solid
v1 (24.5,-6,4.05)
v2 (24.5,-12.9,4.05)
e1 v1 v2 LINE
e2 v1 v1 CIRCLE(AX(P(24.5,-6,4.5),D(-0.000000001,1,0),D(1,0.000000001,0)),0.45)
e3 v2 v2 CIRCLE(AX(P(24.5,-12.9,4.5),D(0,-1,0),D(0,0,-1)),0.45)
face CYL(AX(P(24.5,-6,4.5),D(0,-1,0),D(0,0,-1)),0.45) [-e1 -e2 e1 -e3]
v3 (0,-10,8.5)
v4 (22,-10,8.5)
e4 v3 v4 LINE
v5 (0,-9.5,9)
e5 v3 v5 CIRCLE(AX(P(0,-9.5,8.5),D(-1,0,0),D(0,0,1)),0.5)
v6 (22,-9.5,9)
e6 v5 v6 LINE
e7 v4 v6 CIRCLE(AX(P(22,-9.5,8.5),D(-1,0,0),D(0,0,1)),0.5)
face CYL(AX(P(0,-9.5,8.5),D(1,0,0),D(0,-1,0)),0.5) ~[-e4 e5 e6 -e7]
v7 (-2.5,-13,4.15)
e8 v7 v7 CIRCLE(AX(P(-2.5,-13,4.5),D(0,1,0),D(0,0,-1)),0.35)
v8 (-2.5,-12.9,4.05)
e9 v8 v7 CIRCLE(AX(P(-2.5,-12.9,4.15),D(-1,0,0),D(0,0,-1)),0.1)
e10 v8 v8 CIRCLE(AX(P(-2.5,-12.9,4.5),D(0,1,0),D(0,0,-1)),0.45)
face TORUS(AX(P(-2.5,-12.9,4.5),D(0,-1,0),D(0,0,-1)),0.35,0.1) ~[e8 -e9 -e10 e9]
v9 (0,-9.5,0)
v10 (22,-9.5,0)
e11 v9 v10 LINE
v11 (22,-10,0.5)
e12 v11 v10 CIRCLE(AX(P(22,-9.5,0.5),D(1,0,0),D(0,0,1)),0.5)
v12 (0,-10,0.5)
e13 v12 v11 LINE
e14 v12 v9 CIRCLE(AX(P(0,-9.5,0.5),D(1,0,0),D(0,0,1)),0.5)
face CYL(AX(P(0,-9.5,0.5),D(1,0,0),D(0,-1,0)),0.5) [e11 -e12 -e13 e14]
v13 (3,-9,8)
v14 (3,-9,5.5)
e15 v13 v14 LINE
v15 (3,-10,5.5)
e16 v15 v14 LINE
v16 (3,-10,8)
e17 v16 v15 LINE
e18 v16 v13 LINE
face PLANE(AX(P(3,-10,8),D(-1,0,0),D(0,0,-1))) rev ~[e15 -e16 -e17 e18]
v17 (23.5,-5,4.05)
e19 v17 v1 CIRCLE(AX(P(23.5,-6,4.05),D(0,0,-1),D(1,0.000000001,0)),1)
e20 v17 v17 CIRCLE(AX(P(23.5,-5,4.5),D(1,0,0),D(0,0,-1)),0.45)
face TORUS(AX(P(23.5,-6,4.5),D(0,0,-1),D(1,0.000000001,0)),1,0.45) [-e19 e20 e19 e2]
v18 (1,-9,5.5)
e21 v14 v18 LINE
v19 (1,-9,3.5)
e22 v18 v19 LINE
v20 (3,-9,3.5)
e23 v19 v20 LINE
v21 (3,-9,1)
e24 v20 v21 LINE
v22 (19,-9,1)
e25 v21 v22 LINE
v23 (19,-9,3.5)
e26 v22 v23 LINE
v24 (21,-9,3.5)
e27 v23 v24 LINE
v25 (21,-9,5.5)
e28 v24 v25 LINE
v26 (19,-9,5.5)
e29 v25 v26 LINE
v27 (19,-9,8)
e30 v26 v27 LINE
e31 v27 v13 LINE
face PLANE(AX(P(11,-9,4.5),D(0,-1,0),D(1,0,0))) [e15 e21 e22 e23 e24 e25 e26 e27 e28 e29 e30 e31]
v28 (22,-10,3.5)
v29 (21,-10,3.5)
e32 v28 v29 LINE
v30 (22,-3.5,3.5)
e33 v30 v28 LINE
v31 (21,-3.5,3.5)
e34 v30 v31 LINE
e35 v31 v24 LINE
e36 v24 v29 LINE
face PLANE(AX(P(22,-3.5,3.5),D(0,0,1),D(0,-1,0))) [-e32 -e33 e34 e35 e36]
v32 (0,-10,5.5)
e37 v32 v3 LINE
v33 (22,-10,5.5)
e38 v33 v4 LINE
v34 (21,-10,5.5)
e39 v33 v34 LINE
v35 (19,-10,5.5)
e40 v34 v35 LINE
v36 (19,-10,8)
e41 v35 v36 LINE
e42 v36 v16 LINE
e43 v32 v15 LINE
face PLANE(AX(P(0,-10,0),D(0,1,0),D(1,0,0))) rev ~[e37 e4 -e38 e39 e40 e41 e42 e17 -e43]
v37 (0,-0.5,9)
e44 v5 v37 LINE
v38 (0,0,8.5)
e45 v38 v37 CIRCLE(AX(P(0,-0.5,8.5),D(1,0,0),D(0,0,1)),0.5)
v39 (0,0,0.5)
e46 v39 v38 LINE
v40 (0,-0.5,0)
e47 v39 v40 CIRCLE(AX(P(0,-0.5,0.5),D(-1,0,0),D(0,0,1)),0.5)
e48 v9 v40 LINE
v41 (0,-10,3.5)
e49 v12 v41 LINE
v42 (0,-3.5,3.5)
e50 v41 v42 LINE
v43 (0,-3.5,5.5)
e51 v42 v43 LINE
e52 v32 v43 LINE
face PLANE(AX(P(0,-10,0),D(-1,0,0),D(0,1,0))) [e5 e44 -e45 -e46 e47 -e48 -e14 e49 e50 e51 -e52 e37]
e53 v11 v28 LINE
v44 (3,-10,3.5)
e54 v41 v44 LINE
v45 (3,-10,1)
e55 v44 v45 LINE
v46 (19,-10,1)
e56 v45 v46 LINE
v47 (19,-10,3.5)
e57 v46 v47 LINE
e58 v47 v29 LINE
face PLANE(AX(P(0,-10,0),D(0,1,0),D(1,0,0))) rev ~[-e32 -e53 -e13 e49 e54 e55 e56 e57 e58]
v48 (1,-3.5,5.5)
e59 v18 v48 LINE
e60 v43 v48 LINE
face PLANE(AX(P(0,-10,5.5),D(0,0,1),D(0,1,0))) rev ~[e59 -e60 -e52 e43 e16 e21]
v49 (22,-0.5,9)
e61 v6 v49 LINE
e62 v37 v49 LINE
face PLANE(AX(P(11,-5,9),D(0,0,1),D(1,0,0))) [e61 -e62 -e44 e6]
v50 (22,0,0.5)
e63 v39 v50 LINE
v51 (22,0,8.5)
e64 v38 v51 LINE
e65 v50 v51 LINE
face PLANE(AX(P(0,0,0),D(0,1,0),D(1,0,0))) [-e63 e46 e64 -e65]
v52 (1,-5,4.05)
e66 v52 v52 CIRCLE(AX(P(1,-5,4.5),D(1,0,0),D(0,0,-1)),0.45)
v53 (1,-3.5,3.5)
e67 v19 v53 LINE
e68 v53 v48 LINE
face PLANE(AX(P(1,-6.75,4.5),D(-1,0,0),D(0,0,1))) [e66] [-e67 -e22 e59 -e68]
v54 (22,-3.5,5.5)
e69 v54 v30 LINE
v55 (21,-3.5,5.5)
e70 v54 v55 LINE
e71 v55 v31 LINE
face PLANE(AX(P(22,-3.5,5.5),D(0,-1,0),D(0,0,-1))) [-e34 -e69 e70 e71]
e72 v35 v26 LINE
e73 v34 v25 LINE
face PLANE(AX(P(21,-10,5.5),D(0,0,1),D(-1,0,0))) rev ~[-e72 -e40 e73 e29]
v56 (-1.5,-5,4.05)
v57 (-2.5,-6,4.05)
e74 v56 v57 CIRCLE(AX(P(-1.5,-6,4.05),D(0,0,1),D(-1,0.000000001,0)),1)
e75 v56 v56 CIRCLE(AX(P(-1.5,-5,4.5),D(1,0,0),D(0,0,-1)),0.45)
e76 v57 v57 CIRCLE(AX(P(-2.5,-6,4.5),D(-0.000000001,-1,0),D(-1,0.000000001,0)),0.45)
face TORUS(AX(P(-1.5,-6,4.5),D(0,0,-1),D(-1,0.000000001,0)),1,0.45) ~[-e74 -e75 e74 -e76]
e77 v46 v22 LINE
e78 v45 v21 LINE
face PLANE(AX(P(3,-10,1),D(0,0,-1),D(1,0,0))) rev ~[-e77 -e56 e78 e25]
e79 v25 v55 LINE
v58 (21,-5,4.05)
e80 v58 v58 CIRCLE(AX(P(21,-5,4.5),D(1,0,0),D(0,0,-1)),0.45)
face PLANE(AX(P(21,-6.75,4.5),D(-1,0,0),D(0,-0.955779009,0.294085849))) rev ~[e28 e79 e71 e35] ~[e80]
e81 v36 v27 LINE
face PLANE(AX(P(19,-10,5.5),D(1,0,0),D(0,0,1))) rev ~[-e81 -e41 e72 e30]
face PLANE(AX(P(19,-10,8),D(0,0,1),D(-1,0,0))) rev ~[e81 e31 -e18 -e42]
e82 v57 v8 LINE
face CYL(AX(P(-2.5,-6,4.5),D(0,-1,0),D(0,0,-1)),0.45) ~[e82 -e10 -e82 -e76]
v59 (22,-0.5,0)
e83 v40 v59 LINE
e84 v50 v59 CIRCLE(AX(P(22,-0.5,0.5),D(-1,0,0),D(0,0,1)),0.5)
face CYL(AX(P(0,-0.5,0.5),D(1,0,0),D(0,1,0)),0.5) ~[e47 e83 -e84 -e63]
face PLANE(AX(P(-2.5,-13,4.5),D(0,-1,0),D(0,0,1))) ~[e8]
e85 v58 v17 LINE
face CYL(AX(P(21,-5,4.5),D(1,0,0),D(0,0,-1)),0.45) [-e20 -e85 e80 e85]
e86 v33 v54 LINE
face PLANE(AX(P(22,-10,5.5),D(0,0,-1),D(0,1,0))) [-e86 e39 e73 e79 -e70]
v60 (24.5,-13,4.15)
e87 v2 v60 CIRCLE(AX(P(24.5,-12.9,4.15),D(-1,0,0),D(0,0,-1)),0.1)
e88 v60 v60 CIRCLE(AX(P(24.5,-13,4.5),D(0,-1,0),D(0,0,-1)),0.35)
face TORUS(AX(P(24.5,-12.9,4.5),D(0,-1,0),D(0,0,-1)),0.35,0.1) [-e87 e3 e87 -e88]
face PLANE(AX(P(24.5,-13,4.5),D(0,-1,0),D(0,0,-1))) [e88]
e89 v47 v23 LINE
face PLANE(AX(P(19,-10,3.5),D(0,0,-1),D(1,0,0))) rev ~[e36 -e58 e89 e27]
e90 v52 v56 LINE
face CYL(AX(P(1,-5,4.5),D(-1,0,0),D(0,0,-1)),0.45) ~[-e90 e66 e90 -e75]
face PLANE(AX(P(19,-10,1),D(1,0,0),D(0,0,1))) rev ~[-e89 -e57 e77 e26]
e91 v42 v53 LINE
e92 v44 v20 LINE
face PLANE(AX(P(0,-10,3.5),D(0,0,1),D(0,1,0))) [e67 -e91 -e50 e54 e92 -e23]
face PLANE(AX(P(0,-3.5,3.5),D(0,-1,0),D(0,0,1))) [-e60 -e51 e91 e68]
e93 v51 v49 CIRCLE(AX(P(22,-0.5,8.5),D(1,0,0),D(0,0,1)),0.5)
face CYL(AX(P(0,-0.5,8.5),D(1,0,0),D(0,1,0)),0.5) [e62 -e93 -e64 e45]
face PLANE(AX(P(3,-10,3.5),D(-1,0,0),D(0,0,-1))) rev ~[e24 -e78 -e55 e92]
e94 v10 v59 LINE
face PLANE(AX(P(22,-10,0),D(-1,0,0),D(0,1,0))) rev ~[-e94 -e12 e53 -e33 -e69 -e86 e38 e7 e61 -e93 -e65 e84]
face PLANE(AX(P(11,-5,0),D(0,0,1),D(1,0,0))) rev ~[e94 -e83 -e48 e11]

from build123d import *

# Parameters (mm, degrees)
SKETCH1_W           = 22
SKETCH1_H           = 10
BOSS_EXTRUDE1_DEPTH = 9
FILLET2_R           = 0.5
CUT_EXTRUDE4_DEPTH  = 1
SKETCH8_W           = 2
SKETCH8_H           = 6.5
CUT_EXTRUDE5_DEPTH  = 1
CUT_EXTRUDE6_DEPTH  = 1
SKETCH13_R          = 0.45
FILLET3_R           = 0.1


with BuildPart() as part:
    # Sketch1 → Boss-Extrude1 (new body)
    with BuildSketch(Plane.XY):
        with Locations((11, -5)):
            Rectangle(SKETCH1_W, SKETCH1_H)
    extrude(amount=BOSS_EXTRUDE1_DEPTH)

    # Fillet2
    fillet2_edges = [part.edges().sort_by_distance(p)[0] for p in [
        (11, 0, 9),
        (11, 0, 0),
        (11, -10, 0),
        (11, -10, 9),
    ]]
    fillet(fillet2_edges, radius=FILLET2_R)

    # 3DSketch1 → Cut-Extrude4 (cut)
    with BuildSketch(Plane(origin=(22, -10, 5.5), x_dir=(0, 0.9557790087219501, -0.29408584883752314), z_dir=(1, 0, 0))):
        Polygon((0, 0), (6.212563557, 1.911558017), (6.800735254, 0), (0.588171698, -1.911558017), align=None)
    extrude(amount=-CUT_EXTRUDE4_DEPTH, mode=Mode.SUBTRACT)

    # Sketch8 → Cut-Extrude5 (cut)
    with BuildSketch(Plane.ZY):
        with Locations((4.5, -6.75)):
            Rectangle(SKETCH8_W, SKETCH8_H)
    extrude(amount=-CUT_EXTRUDE5_DEPTH, mode=Mode.SUBTRACT)

    # Sketch6 → Cut-Extrude6 (cut)
    with BuildSketch(Plane.XZ.offset(10)):
        Polygon((1, 5.5), (1, 3.5), (3, 3.5), (3, 1), (19, 1), (19, 3.5), (21, 3.5), (21, 5.5), (19, 5.5), (19, 8), (3, 8), (3, 5.5), align=None)
    extrude(amount=-CUT_EXTRUDE6_DEPTH, mode=Mode.SUBTRACT)

    # Sweep1: sweep along a curve in space
    with BuildLine() as sweep1_path:
        Line((21, -5, 4.5), (23.5, -5, 4.5))
        ThreePointArc((24.5, -6, 4.5), (24.207106781, -5.292893219, 4.5), (23.5, -5, 4.5))
        Line((24.5, -6, 4.5), (24.5, -13, 4.5))
    # Sketch13 → Sweep1 (sweep)
    with BuildSketch(Plane(origin=(21, 0, 0), x_dir=(0, 0, -1), z_dir=(1, 0, 0))):
        with Locations((-4.5, -5)):
            Circle(SKETCH13_R)
    sweep1 = sweep(path=sweep1_path.line)

    # Mirror1: Sweep1 across plane
    add(sweep1.mirror(Plane(origin=(11, 0, 0), x_dir=(0, 0, 1), z_dir=(1, 0, 0))))

    # Fillet3
    fillet3_edges = [part.edges().sort_by_distance(p)[0] for p in [
        (24.5, -13, 4.95),
        (-2.5, -13, 4.95),
    ]]
    fillet(fillet3_edges, radius=FILLET3_R)


solid = part.part
